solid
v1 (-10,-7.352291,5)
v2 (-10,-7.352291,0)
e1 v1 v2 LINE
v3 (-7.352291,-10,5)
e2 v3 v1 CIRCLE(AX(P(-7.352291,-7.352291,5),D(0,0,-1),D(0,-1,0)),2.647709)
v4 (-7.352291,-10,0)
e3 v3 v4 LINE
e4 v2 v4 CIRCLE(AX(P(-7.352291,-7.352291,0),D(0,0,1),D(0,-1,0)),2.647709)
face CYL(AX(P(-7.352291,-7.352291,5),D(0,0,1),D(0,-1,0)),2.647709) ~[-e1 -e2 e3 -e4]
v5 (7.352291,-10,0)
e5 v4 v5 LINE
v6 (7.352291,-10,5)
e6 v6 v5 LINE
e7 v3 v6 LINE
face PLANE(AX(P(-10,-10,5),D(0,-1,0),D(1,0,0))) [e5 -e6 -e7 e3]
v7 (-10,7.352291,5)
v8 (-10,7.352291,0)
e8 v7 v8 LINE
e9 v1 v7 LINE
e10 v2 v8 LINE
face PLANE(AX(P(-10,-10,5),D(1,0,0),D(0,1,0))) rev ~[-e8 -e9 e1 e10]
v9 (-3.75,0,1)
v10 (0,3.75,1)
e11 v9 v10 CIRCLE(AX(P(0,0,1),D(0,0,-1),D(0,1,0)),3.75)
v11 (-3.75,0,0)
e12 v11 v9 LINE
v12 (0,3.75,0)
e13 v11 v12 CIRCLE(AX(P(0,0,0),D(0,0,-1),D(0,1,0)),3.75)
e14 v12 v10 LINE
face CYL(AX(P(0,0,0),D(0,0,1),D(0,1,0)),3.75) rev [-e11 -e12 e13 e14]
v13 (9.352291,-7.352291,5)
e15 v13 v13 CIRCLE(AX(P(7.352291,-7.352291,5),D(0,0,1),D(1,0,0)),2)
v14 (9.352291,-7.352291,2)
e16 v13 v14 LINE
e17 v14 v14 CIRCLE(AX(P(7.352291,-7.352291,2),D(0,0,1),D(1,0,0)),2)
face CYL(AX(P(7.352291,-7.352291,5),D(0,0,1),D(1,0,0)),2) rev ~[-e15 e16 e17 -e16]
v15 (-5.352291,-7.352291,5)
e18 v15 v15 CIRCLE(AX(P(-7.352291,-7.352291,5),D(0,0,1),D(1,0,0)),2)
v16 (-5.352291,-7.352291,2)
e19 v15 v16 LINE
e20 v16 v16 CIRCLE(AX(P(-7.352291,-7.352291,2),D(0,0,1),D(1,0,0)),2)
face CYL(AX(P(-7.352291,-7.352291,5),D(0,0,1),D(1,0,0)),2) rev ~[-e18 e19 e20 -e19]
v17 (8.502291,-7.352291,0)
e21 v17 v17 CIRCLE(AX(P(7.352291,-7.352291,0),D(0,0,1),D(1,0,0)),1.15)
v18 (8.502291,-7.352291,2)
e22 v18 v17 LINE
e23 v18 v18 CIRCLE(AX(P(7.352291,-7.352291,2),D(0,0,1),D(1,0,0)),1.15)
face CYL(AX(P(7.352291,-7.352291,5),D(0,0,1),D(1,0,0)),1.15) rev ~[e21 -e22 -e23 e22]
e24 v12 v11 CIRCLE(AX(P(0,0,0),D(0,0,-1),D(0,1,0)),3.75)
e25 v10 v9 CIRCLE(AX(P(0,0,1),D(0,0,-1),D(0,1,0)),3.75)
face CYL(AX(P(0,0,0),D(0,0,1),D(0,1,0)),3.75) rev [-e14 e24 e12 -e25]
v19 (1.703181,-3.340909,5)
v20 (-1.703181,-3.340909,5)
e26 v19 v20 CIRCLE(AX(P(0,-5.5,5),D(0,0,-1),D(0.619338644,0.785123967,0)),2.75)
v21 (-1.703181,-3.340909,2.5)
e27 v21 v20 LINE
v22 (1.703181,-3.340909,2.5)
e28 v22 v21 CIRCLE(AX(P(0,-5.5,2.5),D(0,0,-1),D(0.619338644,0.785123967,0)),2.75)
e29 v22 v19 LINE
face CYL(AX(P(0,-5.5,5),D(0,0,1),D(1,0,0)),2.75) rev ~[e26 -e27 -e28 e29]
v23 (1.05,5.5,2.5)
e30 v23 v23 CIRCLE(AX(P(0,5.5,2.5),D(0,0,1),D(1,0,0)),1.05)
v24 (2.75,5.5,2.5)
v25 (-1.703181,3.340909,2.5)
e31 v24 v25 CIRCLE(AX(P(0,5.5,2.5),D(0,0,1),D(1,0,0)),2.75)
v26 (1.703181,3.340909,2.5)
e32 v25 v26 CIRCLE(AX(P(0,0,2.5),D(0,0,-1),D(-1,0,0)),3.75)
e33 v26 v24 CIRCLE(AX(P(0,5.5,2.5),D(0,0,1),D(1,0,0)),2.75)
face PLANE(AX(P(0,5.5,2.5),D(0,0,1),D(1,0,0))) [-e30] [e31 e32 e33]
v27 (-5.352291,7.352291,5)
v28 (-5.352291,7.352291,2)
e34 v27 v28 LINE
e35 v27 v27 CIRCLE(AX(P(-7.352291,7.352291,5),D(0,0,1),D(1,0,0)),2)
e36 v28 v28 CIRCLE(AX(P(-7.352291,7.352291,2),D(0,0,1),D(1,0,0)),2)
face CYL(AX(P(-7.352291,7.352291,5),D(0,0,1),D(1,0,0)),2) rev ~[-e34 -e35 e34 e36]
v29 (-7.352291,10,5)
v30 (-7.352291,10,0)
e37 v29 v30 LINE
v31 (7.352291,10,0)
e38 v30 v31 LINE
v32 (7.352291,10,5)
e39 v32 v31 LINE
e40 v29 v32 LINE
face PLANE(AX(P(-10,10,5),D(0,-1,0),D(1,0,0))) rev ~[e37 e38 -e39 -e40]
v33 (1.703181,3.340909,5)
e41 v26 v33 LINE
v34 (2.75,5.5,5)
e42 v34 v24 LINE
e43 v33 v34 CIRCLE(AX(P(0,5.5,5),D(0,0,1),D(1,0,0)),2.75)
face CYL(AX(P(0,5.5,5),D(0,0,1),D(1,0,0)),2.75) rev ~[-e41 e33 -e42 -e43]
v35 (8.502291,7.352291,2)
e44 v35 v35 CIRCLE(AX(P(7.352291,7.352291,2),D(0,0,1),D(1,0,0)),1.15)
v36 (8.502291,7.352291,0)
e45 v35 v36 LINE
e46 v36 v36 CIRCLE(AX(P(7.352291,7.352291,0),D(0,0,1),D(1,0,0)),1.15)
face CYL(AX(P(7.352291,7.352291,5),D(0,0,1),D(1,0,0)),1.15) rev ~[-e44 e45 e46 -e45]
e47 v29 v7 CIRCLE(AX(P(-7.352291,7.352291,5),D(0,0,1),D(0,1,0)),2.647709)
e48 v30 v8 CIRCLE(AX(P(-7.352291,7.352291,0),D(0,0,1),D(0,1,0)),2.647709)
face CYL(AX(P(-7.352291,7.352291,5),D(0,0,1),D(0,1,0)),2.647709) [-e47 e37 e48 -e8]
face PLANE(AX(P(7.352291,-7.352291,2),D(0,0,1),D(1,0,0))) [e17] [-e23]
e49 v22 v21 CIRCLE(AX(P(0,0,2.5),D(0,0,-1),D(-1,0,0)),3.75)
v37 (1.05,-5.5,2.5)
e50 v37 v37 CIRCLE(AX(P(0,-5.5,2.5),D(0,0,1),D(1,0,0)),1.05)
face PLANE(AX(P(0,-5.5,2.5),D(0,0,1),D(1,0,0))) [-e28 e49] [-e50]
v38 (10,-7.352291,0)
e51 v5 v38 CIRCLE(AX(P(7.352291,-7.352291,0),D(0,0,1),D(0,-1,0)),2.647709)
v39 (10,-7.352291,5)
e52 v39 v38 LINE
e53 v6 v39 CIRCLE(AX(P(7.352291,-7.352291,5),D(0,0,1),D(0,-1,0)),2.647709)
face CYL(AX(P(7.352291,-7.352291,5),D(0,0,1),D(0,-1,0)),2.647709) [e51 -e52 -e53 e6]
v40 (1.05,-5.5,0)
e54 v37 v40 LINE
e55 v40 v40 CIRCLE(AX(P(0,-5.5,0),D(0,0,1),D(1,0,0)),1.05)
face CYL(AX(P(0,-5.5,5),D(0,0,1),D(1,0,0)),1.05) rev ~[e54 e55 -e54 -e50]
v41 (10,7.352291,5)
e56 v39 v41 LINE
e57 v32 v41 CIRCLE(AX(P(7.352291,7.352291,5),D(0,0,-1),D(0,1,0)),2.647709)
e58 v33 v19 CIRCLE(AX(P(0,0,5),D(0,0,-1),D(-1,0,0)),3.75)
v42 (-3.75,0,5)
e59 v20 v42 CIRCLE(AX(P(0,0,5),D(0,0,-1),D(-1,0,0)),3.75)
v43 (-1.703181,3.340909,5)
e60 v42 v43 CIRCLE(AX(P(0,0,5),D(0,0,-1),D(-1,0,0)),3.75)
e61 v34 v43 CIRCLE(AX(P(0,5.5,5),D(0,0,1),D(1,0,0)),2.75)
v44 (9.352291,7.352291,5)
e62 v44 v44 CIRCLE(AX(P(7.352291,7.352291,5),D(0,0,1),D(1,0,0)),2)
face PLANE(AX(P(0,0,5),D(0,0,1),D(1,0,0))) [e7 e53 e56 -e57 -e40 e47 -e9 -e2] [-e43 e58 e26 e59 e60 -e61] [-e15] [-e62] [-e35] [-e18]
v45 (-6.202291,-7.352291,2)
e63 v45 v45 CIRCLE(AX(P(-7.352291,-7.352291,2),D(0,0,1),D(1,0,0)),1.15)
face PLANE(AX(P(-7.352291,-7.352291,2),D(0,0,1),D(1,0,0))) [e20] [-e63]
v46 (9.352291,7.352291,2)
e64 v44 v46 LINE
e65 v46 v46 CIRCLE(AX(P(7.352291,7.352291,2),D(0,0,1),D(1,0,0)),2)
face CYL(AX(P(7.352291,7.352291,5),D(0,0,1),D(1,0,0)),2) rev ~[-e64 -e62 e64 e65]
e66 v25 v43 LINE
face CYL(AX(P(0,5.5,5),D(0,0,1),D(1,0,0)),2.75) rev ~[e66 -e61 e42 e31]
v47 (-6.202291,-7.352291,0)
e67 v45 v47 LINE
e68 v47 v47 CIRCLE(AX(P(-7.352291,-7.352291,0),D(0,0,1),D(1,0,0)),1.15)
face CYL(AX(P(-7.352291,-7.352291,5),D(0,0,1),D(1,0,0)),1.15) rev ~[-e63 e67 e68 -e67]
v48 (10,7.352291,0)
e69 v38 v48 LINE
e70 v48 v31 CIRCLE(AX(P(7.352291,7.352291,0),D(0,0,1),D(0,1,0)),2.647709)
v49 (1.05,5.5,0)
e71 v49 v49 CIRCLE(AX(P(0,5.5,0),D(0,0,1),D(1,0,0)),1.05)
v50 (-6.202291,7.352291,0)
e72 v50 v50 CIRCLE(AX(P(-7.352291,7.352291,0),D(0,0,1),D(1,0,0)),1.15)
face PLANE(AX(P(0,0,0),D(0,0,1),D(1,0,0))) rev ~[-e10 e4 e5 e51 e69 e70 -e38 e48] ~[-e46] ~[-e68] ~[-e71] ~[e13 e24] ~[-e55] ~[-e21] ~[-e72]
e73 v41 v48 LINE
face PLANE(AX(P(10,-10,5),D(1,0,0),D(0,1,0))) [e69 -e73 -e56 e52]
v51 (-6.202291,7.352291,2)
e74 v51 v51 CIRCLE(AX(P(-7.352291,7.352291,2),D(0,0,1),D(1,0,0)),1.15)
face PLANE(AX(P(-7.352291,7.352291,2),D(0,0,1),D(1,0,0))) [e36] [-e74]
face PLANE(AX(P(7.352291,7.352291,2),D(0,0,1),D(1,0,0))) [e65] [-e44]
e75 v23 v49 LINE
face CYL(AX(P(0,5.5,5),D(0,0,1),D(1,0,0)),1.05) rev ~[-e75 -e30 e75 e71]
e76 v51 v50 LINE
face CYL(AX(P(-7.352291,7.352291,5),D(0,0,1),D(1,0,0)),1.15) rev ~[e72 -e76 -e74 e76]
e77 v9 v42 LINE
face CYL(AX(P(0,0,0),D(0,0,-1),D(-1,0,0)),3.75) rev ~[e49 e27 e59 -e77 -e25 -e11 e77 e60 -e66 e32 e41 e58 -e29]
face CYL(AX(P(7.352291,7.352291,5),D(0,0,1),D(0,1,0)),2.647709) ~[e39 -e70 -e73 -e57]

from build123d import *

# Parameters (mm, degrees)
SKIZZE3_W                       = 20
SKIZZE3_H                       = 20
SKIZZE3_R                       = 7.5
AUFSATZ_LINEAR_AUSTRAGEN2_DEPTH = 5
SKIZZE4_R                       = 1.05
SCHNITT_LINEAR_AUSTRAGEN1_DEPTH = 6
SKIZZE5_R                       = 2.75
SCHNITT_LINEAR_AUSTRAGEN2_DEPTH = 2.5
SCHNITT_LINEAR_AUSTRAGEN3_DEPTH = 6
SKIZZE7_R                       = 1.15
SCHNITT_LINEAR_AUSTRAGEN4_DEPTH = 6
SKIZZE8_R                       = 2
SCHNITT_LINEAR_AUSTRAGEN5_DEPTH = 3
SKIZZE10_R                      = 3.75
SCHNITT_LINEAR_AUSTRAGEN6_DEPTH = 6


with BuildPart() as part:
    # Skizze2 → Rotation1 (revolve)
    with BuildSketch(Plane(origin=(0, 0, 0), x_dir=(0, 0, -1), z_dir=(1, 0, 0))):
        Polygon((0, 3.75), (-1, 3.75), (-1, 3.25), (-2.6, 3.25), (-2.6, 2), (-5, 2), (-5, 7.5), (0, 7.5), align=None)
    revolve(axis=Axis((0, 0, 12.6), (0, 0, -1)))

    # Skizze3 → Aufsatz-Linear austragen2 (add, through all)
    with BuildSketch(Plane.XY.offset(5)):
        Rectangle(SKIZZE3_W, SKIZZE3_H)
        Circle(SKIZZE3_R, mode=Mode.SUBTRACT)
    extrude(amount=-AUFSATZ_LINEAR_AUSTRAGEN2_DEPTH)

    # Skizze4 → Schnitt-Linear austragen1 (cut, through all)
    with BuildSketch(Plane.XY.offset(5)):
        with Locations((0, 5.5)):
            Circle(SKIZZE4_R)
        with Locations((0, -5.5)):
            Circle(SKIZZE4_R)
    extrude(amount=-SCHNITT_LINEAR_AUSTRAGEN1_DEPTH, mode=Mode.SUBTRACT)

    # Skizze5 → Schnitt-Linear austragen2 (cut)
    with BuildSketch(Plane.XY.offset(5)):
        with Locations((0, 5.5)):
            Circle(SKIZZE5_R)
        with Locations((0, -5.5)):
            Circle(SKIZZE5_R)
    extrude(amount=-SCHNITT_LINEAR_AUSTRAGEN2_DEPTH, mode=Mode.SUBTRACT)

    # Skizze6 → Schnitt-Linear austragen3 (cut, through all)
    with BuildSketch(Plane.XY.offset(5)):
        with BuildLine():
            Line((-10, 7.352290732), (-10.887824638, 7.352290732))
            Line((-10.887824638, 7.352290732), (-10.887824638, 10.887824638))
            Line((-10.887824638, 10.887824638), (-7.352290732, 10.887824638))
            Line((-7.352290732, 10.887824638), (-7.352290732, 10))
            ThreePointArc((-7.352290732, 10), (-9.22450391, 9.22450391), (-10, 7.352290732))
        make_face()
        with BuildLine():
            Line((7.352290732, 10.887824638), (7.352290732, 10))
            ThreePointArc((7.352290732, 10), (9.22450391, 9.22450391), (10, 7.352290732))
            Line((10, 7.352290732), (10.887824638, 7.352290732))
            Line((10.887824638, 7.352290732), (10.887824638, 10.887824638))
            Line((10.887824638, 10.887824638), (7.352290732, 10.887824638))
        make_face()
        with BuildLine():
            Line((10, -7.352290732), (10.887824638, -7.352290732))
            Line((10.887824638, -7.352290732), (10.887824638, -10.887824638))
            Line((10.887824638, -10.887824638), (7.352290732, -10.887824638))
            Line((7.352290732, -10.887824638), (7.352290732, -10))
            ThreePointArc((7.352290732, -10), (9.22450391, -9.22450391), (10, -7.352290732))
        make_face()
        with BuildLine():
            Line((-7.352290732, -10.887824638), (-7.352290732, -10))
            ThreePointArc((-7.352290732, -10), (-9.22450391, -9.22450391), (-10, -7.352290732))
            Line((-10, -7.352290732), (-10.887824638, -7.352290732))
            Line((-10.887824638, -7.352290732), (-10.887824638, -10.887824638))
            Line((-10.887824638, -10.887824638), (-7.352290732, -10.887824638))
        make_face()
    extrude(amount=-SCHNITT_LINEAR_AUSTRAGEN3_DEPTH, mode=Mode.SUBTRACT)

    # Skizze7 → Schnitt-Linear austragen4 (cut, through all)
    with BuildSketch(Plane.XY.offset(5)):
        with Locations((-7.352290732, 7.352290732)):
            Circle(SKIZZE7_R)
        with Locations((7.352290732, 7.352290732)):
            Circle(SKIZZE7_R)
        with Locations((7.352290732, -7.352290732)):
            Circle(SKIZZE7_R)
        with Locations((-7.352290732, -7.352290732)):
            Circle(SKIZZE7_R)
    extrude(amount=-SCHNITT_LINEAR_AUSTRAGEN4_DEPTH, mode=Mode.SUBTRACT)

    # Skizze8 → Schnitt-Linear austragen5 (cut)
    with BuildSketch(Plane.XY.offset(5)):
        with Locations((-7.352290732, 7.352290732)):
            Circle(SKIZZE8_R)
        with Locations((7.352290732, 7.352290732)):
            Circle(SKIZZE8_R)
        with Locations((7.352290732, -7.352290732)):
            Circle(SKIZZE8_R)
        with Locations((-7.352290732, -7.352290732)):
            Circle(SKIZZE8_R)
    extrude(amount=-SCHNITT_LINEAR_AUSTRAGEN5_DEPTH, mode=Mode.SUBTRACT)

    # Skizze10 → Schnitt-Linear austragen6 (cut, through all)
    with BuildSketch(Plane(origin=(0, 0, 0), x_dir=(-1, 0, 0), z_dir=(0, 0, -1))):
        Circle(SKIZZE10_R)
    extrude(amount=-SCHNITT_LINEAR_AUSTRAGEN6_DEPTH, mode=Mode.SUBTRACT)


solid = part.part
